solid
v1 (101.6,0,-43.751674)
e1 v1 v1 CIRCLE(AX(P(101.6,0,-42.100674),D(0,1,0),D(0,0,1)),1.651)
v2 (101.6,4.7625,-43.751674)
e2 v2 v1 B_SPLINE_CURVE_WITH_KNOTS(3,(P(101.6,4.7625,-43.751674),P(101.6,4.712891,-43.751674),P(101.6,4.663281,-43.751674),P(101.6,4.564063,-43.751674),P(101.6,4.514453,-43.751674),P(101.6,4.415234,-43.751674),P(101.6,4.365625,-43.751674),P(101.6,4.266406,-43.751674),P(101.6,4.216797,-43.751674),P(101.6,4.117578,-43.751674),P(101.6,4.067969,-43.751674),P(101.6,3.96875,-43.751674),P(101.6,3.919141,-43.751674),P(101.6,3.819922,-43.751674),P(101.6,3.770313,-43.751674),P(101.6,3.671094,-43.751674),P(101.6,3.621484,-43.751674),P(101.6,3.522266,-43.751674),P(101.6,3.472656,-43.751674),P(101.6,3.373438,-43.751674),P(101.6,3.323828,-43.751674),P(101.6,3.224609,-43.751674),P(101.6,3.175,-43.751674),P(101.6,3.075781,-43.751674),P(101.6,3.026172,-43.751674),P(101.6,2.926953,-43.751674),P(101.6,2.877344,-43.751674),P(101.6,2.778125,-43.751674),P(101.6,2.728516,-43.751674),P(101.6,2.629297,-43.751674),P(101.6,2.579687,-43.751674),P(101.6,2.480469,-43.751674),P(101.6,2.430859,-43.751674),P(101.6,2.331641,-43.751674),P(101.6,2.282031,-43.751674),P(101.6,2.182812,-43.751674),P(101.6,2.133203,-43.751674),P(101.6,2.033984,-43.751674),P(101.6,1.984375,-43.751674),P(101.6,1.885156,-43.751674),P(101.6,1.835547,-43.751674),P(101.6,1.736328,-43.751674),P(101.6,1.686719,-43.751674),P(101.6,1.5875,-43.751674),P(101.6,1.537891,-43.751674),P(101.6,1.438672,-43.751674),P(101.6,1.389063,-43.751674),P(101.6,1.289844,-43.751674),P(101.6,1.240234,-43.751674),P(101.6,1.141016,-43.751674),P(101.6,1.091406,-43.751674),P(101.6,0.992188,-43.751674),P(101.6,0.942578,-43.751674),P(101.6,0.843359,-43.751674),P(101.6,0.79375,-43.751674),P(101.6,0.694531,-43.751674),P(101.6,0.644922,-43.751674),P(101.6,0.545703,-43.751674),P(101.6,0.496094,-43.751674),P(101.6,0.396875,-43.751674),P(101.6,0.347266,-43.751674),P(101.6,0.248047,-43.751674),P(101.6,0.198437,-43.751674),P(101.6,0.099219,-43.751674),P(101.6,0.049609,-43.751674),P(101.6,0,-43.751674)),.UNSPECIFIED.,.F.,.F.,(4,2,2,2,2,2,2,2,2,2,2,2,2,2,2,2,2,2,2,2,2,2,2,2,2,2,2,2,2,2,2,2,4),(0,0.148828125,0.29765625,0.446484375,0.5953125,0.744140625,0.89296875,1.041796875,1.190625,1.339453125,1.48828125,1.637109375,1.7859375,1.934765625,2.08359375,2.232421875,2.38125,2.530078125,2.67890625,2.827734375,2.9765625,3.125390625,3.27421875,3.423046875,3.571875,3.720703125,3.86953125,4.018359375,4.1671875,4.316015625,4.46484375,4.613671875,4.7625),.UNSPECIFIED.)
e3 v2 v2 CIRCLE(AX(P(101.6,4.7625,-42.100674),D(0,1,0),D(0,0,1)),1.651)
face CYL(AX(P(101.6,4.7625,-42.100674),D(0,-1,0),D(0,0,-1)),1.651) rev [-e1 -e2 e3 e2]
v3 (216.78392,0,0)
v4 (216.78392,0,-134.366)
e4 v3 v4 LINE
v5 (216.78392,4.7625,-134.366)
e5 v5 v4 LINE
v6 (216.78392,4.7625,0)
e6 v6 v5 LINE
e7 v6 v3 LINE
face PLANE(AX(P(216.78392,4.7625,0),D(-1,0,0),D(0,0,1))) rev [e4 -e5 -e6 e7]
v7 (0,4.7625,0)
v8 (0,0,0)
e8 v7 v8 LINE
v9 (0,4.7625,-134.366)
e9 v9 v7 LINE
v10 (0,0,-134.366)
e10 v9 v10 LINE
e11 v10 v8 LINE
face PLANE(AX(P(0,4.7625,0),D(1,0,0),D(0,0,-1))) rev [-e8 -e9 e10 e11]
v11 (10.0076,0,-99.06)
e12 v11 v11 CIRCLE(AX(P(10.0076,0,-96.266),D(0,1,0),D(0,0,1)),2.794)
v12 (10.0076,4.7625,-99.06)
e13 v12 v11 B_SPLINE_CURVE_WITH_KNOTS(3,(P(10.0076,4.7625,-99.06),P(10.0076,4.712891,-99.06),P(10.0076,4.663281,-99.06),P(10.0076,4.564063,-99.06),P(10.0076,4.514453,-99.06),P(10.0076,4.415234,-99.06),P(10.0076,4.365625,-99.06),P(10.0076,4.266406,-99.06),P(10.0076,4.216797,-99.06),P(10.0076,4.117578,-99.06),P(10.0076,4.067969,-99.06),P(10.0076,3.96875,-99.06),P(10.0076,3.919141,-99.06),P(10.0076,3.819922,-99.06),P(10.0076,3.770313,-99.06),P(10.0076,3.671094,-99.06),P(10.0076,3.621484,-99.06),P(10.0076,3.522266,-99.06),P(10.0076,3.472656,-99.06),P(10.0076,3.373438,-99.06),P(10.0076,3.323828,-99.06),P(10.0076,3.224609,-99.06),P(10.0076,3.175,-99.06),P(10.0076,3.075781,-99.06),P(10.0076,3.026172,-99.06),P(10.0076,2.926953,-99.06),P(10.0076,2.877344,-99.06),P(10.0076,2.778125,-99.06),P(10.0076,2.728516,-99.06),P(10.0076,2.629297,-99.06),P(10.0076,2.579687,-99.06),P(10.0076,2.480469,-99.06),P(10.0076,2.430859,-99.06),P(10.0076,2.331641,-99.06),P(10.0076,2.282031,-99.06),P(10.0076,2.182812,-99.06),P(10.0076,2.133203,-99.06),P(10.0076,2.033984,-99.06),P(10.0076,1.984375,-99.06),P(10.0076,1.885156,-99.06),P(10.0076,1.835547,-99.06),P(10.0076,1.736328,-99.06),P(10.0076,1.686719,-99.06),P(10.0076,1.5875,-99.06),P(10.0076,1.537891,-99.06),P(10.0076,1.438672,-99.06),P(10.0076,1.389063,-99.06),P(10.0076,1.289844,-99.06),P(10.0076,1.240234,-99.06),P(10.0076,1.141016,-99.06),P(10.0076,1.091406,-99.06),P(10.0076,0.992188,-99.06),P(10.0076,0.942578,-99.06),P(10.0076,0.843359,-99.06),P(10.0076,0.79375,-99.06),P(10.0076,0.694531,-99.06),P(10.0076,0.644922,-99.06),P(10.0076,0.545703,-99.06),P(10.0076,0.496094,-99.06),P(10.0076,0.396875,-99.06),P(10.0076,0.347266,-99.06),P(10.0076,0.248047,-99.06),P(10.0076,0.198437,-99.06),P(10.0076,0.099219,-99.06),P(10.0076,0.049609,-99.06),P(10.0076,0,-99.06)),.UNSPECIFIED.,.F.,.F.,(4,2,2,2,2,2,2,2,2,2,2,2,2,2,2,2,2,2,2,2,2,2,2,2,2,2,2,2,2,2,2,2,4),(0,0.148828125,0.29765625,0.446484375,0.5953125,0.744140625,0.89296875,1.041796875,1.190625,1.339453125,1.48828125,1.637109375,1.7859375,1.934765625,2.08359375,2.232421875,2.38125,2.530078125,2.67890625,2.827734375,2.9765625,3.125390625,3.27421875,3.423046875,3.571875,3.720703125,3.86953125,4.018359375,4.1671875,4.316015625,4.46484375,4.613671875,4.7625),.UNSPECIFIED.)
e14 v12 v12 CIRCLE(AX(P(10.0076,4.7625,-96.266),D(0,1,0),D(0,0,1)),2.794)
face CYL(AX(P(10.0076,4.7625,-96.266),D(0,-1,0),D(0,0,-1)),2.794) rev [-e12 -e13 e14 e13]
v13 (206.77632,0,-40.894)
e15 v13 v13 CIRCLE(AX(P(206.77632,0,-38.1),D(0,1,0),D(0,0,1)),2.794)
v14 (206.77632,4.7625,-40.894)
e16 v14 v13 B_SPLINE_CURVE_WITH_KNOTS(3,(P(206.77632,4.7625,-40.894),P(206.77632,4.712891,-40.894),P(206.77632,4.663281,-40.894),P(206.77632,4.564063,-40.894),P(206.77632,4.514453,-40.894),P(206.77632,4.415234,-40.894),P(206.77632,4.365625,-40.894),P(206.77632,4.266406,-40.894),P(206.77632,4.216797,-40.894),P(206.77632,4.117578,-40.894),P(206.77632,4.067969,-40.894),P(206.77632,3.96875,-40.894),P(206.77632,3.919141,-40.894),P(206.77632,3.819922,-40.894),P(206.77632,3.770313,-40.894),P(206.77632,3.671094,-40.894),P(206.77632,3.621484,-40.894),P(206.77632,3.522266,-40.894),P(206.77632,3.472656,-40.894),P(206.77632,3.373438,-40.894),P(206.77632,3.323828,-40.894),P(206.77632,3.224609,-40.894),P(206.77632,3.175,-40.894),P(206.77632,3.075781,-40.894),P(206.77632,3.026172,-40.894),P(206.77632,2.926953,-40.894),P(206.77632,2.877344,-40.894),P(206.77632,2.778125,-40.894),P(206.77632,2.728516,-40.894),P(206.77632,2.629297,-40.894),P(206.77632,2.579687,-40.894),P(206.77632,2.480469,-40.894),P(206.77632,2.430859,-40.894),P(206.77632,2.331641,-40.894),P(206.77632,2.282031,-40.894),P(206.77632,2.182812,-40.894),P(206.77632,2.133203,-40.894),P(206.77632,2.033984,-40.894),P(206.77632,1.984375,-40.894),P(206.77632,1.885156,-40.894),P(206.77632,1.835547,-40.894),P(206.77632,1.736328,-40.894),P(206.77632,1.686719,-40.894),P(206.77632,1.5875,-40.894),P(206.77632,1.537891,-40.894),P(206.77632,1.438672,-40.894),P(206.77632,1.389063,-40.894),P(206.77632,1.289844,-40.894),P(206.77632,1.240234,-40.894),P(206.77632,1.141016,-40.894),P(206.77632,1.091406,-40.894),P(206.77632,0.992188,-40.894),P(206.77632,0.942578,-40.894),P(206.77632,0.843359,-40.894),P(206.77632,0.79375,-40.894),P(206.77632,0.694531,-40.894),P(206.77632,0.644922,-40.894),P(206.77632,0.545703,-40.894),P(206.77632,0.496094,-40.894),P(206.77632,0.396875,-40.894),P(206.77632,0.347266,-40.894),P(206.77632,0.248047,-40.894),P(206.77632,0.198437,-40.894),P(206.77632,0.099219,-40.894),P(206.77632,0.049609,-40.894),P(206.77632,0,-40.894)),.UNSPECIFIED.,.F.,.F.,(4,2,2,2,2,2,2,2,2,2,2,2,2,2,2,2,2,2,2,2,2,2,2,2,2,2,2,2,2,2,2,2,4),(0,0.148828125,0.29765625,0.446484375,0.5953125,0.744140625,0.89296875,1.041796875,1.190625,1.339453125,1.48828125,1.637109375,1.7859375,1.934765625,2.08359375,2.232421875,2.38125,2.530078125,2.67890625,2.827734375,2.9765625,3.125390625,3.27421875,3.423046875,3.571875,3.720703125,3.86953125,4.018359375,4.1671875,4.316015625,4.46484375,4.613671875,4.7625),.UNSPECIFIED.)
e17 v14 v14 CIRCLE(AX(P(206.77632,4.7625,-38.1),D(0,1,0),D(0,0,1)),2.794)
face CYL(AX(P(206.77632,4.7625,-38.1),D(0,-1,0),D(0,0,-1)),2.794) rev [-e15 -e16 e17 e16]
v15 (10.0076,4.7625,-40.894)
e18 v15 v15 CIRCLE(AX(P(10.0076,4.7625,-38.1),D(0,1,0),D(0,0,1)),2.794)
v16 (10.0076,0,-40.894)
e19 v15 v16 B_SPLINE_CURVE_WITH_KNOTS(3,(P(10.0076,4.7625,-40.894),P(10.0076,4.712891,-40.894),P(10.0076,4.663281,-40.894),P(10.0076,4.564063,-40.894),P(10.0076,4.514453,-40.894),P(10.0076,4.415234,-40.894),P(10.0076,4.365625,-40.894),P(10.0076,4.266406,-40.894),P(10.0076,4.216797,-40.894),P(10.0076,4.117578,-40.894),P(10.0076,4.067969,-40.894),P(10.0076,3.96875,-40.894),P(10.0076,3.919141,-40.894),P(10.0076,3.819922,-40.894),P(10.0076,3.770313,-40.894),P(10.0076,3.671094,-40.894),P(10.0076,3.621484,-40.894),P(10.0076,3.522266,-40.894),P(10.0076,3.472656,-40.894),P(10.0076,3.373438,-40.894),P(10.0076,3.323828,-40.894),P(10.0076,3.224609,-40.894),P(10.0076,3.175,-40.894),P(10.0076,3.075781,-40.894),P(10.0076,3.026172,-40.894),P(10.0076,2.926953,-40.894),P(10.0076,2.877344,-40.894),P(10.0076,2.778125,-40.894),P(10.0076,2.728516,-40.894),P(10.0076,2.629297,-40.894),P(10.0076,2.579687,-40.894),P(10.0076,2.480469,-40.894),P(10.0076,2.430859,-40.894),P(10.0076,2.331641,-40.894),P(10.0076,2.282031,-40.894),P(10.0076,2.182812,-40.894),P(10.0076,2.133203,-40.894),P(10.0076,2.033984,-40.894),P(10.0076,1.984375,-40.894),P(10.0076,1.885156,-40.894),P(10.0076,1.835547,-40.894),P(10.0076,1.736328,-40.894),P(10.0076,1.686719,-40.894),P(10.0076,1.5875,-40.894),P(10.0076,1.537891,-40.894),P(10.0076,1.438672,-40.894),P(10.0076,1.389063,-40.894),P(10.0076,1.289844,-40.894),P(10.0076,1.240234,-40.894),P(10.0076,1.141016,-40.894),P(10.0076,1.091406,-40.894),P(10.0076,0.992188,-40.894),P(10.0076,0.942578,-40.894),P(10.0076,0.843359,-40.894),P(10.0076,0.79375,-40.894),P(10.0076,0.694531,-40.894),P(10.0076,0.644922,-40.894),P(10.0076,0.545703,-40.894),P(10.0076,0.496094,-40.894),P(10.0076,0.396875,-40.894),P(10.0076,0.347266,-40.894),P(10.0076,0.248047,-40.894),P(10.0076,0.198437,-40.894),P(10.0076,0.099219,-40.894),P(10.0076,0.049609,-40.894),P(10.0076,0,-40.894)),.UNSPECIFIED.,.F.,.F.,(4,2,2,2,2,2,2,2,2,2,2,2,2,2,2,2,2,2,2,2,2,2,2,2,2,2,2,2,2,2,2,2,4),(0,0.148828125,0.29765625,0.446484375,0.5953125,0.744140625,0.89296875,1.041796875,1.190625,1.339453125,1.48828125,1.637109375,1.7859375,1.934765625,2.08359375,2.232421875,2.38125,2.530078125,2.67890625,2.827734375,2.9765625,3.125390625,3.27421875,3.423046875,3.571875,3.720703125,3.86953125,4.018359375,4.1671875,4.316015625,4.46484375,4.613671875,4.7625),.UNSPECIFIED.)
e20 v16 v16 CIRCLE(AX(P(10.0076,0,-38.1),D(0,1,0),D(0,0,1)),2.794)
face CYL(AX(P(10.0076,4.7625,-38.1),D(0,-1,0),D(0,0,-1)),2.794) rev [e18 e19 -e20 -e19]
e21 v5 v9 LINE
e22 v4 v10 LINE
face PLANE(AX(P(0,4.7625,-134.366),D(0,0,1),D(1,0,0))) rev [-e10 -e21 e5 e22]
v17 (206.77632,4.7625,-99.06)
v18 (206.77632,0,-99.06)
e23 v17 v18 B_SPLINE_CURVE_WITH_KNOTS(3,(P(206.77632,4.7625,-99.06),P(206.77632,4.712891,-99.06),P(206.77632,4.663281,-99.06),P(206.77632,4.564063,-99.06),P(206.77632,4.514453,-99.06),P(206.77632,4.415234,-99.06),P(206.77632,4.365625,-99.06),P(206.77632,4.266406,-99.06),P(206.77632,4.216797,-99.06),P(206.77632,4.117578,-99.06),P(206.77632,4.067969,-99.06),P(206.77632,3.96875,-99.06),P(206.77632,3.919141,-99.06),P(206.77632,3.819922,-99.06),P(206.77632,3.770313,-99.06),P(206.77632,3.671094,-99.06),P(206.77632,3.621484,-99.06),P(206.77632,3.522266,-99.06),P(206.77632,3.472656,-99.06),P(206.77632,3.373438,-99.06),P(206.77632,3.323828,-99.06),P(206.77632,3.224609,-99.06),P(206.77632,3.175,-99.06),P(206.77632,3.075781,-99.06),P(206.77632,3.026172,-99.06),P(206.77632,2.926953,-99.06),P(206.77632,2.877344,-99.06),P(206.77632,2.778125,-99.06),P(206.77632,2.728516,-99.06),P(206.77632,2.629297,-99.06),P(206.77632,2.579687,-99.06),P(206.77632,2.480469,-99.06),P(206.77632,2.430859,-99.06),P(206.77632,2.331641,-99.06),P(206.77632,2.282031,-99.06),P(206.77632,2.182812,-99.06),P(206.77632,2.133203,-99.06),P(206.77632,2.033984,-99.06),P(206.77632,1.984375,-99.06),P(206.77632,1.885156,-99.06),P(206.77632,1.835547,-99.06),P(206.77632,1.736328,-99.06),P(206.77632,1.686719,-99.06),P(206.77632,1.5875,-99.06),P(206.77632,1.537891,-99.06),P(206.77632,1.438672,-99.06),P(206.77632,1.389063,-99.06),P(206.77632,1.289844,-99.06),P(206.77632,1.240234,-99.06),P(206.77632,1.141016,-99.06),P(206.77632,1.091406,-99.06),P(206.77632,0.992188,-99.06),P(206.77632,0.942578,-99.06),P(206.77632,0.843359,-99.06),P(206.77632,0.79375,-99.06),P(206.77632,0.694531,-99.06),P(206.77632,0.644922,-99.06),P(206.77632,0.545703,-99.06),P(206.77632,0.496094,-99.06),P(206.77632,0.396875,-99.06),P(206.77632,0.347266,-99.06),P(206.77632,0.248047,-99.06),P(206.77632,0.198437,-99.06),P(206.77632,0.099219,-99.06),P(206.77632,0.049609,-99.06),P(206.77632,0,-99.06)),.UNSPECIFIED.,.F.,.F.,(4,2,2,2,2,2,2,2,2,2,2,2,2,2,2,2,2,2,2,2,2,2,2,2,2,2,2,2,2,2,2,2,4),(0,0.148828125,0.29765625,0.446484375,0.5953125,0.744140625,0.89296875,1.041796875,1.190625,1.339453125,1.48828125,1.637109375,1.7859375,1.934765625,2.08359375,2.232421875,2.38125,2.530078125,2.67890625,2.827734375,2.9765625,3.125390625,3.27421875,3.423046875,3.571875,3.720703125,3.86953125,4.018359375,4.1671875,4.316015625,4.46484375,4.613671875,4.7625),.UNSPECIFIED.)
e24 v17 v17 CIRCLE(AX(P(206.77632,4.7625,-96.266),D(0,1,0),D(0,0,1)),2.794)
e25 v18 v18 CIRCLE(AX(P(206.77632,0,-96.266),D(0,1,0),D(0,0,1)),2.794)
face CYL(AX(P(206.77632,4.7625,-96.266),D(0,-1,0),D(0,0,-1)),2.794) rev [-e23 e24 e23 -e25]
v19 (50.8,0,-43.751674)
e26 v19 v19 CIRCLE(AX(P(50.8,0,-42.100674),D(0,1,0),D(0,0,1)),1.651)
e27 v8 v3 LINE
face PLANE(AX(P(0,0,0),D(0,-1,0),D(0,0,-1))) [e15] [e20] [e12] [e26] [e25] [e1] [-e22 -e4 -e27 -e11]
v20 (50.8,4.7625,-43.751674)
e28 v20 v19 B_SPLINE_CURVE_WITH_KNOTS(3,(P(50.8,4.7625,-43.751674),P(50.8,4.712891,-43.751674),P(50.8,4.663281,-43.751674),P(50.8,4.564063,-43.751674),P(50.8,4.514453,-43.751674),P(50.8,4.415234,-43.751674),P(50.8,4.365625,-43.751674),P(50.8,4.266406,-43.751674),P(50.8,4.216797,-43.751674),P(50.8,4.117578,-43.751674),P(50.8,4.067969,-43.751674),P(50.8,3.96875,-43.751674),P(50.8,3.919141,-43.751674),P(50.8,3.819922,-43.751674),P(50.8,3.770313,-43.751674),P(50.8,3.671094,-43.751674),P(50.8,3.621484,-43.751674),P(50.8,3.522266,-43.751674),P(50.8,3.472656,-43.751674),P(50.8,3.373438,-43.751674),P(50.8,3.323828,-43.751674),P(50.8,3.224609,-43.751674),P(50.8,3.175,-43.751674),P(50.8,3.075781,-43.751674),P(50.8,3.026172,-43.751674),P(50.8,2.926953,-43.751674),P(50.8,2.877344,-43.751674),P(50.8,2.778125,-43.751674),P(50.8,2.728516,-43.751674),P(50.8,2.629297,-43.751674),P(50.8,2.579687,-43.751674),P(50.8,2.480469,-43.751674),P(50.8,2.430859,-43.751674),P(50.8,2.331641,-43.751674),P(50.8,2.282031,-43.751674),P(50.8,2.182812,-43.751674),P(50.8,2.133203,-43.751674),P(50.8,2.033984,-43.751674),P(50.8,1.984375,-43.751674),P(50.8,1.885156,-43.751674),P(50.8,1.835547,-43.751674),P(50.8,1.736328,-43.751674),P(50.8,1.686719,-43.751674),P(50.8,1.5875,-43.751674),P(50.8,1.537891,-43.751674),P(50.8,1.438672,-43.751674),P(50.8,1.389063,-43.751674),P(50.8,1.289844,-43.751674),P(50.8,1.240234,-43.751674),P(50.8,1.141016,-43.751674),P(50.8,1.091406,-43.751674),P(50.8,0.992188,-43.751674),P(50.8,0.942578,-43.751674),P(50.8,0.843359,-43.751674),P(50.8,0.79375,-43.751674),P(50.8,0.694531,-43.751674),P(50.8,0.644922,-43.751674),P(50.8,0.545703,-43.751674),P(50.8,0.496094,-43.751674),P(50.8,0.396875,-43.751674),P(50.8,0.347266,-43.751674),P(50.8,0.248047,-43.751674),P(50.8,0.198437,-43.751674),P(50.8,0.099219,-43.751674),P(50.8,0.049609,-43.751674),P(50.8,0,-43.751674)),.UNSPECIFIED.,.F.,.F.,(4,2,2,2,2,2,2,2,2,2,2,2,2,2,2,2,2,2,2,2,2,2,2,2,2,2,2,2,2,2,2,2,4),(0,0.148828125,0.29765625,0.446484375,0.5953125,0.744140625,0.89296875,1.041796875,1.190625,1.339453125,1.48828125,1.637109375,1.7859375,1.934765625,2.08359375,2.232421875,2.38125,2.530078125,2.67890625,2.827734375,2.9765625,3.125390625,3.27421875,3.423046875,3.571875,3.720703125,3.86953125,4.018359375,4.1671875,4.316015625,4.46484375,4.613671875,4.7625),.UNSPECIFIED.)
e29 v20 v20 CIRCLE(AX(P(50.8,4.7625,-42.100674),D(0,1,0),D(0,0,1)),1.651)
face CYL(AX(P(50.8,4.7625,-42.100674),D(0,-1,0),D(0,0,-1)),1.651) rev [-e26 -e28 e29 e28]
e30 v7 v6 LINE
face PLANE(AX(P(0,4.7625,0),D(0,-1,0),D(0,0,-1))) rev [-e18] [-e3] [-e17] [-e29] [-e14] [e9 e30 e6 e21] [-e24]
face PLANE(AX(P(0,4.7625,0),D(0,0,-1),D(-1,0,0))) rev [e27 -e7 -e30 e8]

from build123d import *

# Parameters (mm, degrees)
SKETCH1_W           = 216.78392
SKETCH1_H           = 134.366
SKETCH1_R           = 1.651
SKETCH1_R_2         = 2.794
BOSS_EXTRUDE1_DEPTH = 4.7625


with BuildPart() as part:
    # Sketch1 → Boss-Extrude1 (new body)
    with BuildSketch(Plane(origin=(0, 0, 0), x_dir=(1, 0, 0), z_dir=(0, 1, 0))):
        with Locations((108.39196, 67.183)):
            Rectangle(SKETCH1_W, SKETCH1_H)
        with Locations(Location((50.8, 42.100673529, 0), (0, 0, 90))):
            Circle(SKETCH1_R, mode=Mode.SUBTRACT)
        with Locations(Location((101.6, 42.100673529, 0), (0, 0, 90))):
            Circle(SKETCH1_R, mode=Mode.SUBTRACT)
        with Locations(Location((10.0076, 96.266, 0), (0, 0, 90))):
            Circle(SKETCH1_R_2, mode=Mode.SUBTRACT)
        with Locations(Location((10.0076, 38.1, 0), (0, 0, 90))):
            Circle(SKETCH1_R_2, mode=Mode.SUBTRACT)
        with Locations(Location((206.77632, 96.266, 0), (0, 0, 90))):
            Circle(SKETCH1_R_2, mode=Mode.SUBTRACT)
        with Locations(Location((206.77632, 38.1, 0), (0, 0, 90))):
            Circle(SKETCH1_R_2, mode=Mode.SUBTRACT)
    extrude(amount=BOSS_EXTRUDE1_DEPTH)


solid = part.part
